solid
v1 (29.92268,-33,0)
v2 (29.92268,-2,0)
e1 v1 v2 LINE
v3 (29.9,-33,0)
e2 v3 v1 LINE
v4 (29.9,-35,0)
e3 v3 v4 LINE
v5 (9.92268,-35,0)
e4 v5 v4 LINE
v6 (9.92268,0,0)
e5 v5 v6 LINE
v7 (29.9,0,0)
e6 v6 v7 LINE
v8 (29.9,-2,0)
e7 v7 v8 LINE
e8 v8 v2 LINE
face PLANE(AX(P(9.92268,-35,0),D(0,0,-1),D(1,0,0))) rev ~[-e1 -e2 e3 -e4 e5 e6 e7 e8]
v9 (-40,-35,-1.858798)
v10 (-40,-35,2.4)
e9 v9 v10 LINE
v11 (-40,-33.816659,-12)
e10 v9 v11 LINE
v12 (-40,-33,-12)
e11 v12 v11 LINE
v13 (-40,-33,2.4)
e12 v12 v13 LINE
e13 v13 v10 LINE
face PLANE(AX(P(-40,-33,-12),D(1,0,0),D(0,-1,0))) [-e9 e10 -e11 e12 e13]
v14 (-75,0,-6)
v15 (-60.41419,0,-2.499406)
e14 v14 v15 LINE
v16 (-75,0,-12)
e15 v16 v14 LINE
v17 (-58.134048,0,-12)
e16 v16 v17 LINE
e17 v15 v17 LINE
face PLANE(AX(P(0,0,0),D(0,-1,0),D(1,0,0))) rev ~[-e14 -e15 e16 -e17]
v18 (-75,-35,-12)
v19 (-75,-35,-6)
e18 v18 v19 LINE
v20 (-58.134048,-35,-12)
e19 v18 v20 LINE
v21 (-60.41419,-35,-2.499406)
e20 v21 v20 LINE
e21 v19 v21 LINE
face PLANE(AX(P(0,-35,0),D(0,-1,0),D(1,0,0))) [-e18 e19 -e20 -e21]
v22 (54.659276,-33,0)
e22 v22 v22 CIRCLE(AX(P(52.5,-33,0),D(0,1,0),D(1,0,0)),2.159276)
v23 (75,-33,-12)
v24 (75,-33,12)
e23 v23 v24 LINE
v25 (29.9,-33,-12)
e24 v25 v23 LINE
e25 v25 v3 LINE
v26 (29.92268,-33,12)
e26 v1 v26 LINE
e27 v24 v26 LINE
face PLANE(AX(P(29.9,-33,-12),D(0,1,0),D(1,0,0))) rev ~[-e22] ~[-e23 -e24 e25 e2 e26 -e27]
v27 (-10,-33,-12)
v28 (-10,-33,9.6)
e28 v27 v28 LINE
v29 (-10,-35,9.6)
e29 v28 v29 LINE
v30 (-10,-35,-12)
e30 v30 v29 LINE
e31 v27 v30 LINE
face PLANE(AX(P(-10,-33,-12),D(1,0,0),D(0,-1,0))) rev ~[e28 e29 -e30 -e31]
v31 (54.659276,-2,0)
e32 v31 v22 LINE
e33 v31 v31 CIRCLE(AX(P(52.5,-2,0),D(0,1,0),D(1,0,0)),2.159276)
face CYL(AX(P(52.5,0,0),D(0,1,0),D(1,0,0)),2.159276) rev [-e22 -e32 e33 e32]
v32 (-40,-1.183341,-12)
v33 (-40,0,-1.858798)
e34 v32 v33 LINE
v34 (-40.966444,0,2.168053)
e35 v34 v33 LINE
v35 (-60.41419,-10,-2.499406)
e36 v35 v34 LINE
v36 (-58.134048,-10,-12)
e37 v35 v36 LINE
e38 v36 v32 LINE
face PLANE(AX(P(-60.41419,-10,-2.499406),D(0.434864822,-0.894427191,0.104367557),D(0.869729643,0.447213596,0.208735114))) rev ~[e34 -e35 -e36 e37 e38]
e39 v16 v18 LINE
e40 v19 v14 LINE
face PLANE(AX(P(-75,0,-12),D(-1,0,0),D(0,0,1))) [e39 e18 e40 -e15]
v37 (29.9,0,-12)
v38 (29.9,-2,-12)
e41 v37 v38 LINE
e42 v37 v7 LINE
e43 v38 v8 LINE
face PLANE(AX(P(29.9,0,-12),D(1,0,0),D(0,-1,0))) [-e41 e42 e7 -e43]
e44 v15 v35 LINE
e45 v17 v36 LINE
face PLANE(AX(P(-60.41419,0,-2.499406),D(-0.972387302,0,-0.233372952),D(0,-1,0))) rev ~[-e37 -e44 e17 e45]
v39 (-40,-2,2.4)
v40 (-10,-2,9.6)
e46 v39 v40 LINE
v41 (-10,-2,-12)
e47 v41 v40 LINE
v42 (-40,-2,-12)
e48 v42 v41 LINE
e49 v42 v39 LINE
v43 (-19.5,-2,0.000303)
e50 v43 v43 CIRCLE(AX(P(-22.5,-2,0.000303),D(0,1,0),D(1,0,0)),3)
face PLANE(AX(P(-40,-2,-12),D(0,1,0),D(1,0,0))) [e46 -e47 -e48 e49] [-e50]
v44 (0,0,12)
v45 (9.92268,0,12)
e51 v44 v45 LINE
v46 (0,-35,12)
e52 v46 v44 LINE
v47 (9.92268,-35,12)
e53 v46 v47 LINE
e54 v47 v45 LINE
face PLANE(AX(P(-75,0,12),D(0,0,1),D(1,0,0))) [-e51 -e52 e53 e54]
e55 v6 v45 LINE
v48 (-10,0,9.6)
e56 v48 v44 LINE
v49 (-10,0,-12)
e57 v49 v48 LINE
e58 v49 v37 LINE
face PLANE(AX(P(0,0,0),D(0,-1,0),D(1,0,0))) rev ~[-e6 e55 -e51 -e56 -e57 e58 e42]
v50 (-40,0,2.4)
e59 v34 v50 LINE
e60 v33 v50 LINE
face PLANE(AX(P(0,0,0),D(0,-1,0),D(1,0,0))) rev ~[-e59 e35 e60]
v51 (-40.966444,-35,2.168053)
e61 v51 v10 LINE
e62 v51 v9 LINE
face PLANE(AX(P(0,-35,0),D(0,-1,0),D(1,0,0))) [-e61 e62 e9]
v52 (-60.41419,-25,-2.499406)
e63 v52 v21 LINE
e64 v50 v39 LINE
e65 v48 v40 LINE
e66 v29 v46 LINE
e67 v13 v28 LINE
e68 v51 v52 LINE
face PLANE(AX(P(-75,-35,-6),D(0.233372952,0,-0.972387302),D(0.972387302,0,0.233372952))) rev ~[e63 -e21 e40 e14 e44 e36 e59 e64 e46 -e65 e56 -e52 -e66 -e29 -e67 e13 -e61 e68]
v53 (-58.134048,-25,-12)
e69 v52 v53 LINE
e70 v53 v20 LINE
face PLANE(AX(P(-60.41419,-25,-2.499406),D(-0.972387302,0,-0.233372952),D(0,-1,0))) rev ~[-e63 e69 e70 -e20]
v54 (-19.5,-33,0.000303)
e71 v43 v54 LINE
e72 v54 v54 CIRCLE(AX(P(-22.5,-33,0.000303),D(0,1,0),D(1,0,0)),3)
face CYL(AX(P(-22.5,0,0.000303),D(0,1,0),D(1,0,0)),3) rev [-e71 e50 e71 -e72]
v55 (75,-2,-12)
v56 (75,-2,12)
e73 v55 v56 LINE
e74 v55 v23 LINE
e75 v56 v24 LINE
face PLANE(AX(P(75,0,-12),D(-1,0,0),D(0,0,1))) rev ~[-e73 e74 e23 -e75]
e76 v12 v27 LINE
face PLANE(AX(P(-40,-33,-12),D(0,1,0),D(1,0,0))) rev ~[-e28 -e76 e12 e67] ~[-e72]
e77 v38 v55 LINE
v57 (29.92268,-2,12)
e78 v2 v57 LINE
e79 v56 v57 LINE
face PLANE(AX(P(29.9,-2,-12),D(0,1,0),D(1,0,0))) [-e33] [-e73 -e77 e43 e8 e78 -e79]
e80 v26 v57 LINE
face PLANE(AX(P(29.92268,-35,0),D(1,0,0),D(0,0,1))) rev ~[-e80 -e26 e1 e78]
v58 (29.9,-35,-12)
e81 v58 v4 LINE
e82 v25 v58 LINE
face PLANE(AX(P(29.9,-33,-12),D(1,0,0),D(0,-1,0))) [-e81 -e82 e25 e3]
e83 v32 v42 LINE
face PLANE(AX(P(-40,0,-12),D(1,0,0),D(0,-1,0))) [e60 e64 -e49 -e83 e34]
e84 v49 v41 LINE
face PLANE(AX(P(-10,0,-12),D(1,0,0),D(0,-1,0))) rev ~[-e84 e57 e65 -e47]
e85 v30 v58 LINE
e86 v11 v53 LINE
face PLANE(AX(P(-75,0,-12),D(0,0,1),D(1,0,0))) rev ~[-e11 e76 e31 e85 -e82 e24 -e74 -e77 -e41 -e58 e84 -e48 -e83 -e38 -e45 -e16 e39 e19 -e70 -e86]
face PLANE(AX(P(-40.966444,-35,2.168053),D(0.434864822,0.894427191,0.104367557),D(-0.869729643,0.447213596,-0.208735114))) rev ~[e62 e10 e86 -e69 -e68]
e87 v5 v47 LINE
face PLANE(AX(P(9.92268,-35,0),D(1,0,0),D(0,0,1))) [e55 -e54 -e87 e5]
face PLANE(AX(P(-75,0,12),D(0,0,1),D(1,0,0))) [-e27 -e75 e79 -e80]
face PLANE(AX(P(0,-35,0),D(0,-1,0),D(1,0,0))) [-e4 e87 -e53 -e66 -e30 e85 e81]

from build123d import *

# Parameters (mm, degrees)
F0_W      = 150
F0_H      = 24
F0_R      = 3
F0_R_2    = 2.1592760918
F1_DEPTH  = 35
F3_DEPTH  = 35
F5_DEPTH  = 25
F6_W      = 20
F6_H      = 12
F7_DEPTH  = 35
F8_W      = 30
F8_H      = 2
F9_DEPTH  = 25
F10_W     = 45.1
F10_H     = 2
F11_DEPTH = 25


with BuildPart() as f1:
    # F0 (on Front) → F1 (new body)
    with BuildSketch(Plane.XZ):
        Rectangle(F0_W, F0_H)
        with Locations((-22.5, 0.0003034234)):
            Circle(F0_R, mode=Mode.SUBTRACT)
        with Locations((52.5, 0)):
            Circle(F0_R_2, mode=Mode.SUBTRACT)
    extrude(amount=F1_DEPTH)

    # F2 (on face) → F3 (cut)
    with BuildSketch(Plane.XZ.offset(35)):
        Polygon((-75, 12), (-75, -6), (0, 12), align=None)
    extrude(amount=-F3_DEPTH, mode=Mode.SUBTRACT)

    # F4 (on face) → F5 (cut)
    with BuildSketch(Plane(origin=(-2.7231467474, 0, 11.3464447806), x_dir=(0.972387302, 0, 0.2333729525), z_dir=(-0.2333729525, 0, 0.972387302))):
        Polygon((-59.3292853634, -25), (-59.3292853634, -35), (-39.3292853634, -35), align=None)
        Polygon((-39.3292853634, 0), (-59.3292853634, 0), (-59.3292853634, -10), align=None)
    extrude(amount=-F5_DEPTH, mode=Mode.SUBTRACT)

    # F6 (on face) → F7 (cut)
    with BuildSketch(Plane.XZ.offset(35)):
        with Locations((19.9226795137, 6)):
            Rectangle(F6_W, F6_H)
    extrude(amount=-F7_DEPTH, mode=Mode.SUBTRACT)

    # F8 (on face) → F9 (cut)
    with BuildSketch(Plane(origin=(0, 0, -12), x_dir=(1, 0, 0), z_dir=(0, 0, -1))):
        with Locations((-25, 34)):
            Rectangle(F8_W, F8_H)
        with Locations((-25, 1)):
            Rectangle(F8_W, F8_H)
    extrude(amount=-F9_DEPTH, mode=Mode.SUBTRACT)

    # F10 (on face) → F11 (cut)
    with BuildSketch(Plane(origin=(0, 0, -12), x_dir=(1, 0, 0), z_dir=(0, 0, -1))):
        with Locations((52.45, 34)):
            Rectangle(F10_W, F10_H)
        with Locations((52.45, 1)):
            Rectangle(F10_W, F10_H)
    extrude(amount=-F11_DEPTH, mode=Mode.SUBTRACT)


solid = f1.part
